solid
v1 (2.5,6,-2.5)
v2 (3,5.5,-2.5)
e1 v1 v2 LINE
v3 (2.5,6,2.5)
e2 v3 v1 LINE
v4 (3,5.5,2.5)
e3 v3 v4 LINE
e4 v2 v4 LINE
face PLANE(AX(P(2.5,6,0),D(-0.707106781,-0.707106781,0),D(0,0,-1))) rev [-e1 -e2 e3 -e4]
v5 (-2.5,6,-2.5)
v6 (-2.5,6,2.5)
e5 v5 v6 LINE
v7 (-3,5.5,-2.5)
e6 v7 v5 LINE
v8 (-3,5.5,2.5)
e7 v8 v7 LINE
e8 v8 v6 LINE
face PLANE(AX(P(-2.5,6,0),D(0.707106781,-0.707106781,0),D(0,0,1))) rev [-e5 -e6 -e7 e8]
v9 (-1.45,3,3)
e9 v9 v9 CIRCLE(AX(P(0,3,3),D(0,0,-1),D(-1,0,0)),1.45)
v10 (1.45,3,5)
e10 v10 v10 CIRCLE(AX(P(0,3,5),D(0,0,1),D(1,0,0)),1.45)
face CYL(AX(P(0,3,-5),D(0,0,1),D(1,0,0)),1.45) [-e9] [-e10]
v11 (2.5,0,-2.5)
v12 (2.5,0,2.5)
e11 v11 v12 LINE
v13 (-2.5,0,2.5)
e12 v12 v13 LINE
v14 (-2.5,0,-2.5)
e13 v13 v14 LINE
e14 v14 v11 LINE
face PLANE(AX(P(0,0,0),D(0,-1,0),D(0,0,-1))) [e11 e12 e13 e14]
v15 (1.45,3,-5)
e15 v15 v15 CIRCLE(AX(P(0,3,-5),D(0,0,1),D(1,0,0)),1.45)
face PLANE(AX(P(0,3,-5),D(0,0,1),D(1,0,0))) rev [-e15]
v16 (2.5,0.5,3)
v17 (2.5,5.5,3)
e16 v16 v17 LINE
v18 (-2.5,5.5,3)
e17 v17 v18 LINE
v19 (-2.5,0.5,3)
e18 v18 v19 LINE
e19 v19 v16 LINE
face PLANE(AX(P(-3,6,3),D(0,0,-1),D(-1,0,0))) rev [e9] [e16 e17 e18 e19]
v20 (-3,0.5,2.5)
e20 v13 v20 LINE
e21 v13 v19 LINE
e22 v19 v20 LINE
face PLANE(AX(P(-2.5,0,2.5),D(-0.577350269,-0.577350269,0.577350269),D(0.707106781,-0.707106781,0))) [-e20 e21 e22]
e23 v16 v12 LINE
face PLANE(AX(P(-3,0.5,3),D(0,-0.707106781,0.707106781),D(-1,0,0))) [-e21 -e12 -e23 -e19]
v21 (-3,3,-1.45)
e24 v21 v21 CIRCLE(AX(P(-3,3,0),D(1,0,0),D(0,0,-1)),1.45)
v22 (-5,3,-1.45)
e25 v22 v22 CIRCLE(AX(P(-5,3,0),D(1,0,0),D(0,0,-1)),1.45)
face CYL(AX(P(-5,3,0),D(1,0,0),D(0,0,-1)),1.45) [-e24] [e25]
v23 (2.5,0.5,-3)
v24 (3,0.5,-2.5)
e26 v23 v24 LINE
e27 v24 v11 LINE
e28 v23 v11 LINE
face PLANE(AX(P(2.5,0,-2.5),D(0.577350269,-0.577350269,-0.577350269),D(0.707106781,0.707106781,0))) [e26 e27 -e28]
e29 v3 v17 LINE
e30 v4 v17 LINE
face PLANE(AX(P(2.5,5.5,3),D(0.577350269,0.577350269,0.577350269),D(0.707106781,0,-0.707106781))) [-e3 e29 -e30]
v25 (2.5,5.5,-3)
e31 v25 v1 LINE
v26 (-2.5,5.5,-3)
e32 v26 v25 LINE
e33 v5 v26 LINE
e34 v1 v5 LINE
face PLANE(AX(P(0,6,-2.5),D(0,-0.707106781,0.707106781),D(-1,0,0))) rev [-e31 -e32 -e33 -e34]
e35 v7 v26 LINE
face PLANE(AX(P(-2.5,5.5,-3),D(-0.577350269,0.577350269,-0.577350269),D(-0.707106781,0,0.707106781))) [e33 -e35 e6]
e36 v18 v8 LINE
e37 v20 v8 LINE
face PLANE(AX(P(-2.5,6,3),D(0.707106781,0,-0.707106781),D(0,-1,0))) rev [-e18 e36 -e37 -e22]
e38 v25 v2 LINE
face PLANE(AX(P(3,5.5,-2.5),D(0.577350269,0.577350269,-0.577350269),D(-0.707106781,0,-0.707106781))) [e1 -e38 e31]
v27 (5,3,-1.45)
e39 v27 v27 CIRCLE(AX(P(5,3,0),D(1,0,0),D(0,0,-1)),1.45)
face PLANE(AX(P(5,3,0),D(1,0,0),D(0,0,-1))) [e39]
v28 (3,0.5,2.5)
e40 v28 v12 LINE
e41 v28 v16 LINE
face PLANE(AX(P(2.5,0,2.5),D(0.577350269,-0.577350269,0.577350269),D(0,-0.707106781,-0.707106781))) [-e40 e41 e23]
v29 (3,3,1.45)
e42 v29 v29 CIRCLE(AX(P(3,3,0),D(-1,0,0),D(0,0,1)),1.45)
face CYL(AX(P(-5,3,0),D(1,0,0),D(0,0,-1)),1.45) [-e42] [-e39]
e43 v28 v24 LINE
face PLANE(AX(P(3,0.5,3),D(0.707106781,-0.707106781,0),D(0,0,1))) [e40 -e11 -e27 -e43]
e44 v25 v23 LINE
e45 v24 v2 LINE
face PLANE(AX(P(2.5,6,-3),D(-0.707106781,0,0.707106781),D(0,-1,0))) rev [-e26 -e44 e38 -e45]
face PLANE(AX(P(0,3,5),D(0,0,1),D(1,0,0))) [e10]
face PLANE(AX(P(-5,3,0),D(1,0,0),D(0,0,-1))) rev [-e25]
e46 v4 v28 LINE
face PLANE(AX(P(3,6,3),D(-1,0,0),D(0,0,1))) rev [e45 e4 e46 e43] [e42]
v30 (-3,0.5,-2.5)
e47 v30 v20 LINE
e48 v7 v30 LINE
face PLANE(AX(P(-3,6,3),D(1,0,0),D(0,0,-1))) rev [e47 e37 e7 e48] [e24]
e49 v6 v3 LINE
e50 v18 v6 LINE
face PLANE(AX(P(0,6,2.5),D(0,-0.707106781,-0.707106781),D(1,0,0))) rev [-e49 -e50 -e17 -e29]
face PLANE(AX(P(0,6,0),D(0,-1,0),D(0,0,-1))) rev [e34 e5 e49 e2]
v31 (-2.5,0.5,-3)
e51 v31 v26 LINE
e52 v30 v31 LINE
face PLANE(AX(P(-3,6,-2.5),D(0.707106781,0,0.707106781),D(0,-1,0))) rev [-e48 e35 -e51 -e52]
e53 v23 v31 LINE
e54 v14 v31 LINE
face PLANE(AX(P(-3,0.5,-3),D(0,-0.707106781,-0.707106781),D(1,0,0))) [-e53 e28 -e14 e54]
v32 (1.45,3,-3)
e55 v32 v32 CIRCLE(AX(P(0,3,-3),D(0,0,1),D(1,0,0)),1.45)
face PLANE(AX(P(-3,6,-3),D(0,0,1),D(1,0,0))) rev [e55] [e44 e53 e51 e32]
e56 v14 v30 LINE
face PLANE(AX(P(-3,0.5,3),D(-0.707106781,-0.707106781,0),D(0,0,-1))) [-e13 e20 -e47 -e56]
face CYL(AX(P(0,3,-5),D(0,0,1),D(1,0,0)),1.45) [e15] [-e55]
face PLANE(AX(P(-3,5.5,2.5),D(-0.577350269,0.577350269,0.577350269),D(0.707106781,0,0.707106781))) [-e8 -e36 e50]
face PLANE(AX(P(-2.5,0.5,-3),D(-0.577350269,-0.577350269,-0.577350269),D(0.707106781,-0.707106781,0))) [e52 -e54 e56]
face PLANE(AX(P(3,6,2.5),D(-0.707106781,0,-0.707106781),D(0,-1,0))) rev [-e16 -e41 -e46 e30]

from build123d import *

# Parameters (mm, degrees)
SKETCH1_W                = 6
SKETCH1_H                = 6
BOSS_EXTRUDE1_DEPTH      = 6
SKETCH2_R                = 1.45
BOSS_EXTRUDE2_DEPTH      = 2
BOSS_EXTRUDE2_DEPTH_BACK = 8
SKETCH3_R                = 1.45
BOSS_EXTRUDE3_DEPTH      = 2
BOSS_EXTRUDE3_DEPTH_BACK = 8
CHAMFER1_SIZE            = 0.5


with BuildPart() as part:
    # Sketch1 → Boss-Extrude1 (new body)
    with BuildSketch(Plane(origin=(0, 0, 0), x_dir=(1, 0, 0), z_dir=(0, 1, 0))):
        Rectangle(SKETCH1_W, SKETCH1_H)
    extrude(amount=BOSS_EXTRUDE1_DEPTH)

    # Sketch2 → Boss-Extrude2 (add, two sides)
    with BuildSketch(Plane(origin=(3, 0, 0), x_dir=(0, 0, -1), z_dir=(1, 0, 0))) as boss_extrude2_sk:
        with Locations((0, 3)):
            Circle(SKETCH2_R)
    extrude(amount=BOSS_EXTRUDE2_DEPTH)
    extrude(boss_extrude2_sk.sketch, amount=-BOSS_EXTRUDE2_DEPTH_BACK)

    # Sketch3 → Boss-Extrude3 (add, two sides)
    with BuildSketch(Plane.XY.offset(3)) as boss_extrude3_sk:
        with Locations((0, 3)):
            Circle(SKETCH3_R)
    extrude(amount=BOSS_EXTRUDE3_DEPTH)
    extrude(boss_extrude3_sk.sketch, amount=-BOSS_EXTRUDE3_DEPTH_BACK)

    # Chamfer1
    chamfer1_edges = [part.edges().sort_by_distance(p)[0] for p in [
        (-3, 6, 0),
        (0, 6, 3),
        (3, 6, 0),
        (0, 0, 3),
        (-3, 0, 0),
        (0, 0, -3),
        (3, 0, 0),
        (3, 3, 3),
        (-3, 3, 3),
        (-3, 3, -3),
        (3, 3, -3),
        (0, 6, -3),
    ]]
    chamfer(chamfer1_edges, length=CHAMFER1_SIZE)


solid = part.part
